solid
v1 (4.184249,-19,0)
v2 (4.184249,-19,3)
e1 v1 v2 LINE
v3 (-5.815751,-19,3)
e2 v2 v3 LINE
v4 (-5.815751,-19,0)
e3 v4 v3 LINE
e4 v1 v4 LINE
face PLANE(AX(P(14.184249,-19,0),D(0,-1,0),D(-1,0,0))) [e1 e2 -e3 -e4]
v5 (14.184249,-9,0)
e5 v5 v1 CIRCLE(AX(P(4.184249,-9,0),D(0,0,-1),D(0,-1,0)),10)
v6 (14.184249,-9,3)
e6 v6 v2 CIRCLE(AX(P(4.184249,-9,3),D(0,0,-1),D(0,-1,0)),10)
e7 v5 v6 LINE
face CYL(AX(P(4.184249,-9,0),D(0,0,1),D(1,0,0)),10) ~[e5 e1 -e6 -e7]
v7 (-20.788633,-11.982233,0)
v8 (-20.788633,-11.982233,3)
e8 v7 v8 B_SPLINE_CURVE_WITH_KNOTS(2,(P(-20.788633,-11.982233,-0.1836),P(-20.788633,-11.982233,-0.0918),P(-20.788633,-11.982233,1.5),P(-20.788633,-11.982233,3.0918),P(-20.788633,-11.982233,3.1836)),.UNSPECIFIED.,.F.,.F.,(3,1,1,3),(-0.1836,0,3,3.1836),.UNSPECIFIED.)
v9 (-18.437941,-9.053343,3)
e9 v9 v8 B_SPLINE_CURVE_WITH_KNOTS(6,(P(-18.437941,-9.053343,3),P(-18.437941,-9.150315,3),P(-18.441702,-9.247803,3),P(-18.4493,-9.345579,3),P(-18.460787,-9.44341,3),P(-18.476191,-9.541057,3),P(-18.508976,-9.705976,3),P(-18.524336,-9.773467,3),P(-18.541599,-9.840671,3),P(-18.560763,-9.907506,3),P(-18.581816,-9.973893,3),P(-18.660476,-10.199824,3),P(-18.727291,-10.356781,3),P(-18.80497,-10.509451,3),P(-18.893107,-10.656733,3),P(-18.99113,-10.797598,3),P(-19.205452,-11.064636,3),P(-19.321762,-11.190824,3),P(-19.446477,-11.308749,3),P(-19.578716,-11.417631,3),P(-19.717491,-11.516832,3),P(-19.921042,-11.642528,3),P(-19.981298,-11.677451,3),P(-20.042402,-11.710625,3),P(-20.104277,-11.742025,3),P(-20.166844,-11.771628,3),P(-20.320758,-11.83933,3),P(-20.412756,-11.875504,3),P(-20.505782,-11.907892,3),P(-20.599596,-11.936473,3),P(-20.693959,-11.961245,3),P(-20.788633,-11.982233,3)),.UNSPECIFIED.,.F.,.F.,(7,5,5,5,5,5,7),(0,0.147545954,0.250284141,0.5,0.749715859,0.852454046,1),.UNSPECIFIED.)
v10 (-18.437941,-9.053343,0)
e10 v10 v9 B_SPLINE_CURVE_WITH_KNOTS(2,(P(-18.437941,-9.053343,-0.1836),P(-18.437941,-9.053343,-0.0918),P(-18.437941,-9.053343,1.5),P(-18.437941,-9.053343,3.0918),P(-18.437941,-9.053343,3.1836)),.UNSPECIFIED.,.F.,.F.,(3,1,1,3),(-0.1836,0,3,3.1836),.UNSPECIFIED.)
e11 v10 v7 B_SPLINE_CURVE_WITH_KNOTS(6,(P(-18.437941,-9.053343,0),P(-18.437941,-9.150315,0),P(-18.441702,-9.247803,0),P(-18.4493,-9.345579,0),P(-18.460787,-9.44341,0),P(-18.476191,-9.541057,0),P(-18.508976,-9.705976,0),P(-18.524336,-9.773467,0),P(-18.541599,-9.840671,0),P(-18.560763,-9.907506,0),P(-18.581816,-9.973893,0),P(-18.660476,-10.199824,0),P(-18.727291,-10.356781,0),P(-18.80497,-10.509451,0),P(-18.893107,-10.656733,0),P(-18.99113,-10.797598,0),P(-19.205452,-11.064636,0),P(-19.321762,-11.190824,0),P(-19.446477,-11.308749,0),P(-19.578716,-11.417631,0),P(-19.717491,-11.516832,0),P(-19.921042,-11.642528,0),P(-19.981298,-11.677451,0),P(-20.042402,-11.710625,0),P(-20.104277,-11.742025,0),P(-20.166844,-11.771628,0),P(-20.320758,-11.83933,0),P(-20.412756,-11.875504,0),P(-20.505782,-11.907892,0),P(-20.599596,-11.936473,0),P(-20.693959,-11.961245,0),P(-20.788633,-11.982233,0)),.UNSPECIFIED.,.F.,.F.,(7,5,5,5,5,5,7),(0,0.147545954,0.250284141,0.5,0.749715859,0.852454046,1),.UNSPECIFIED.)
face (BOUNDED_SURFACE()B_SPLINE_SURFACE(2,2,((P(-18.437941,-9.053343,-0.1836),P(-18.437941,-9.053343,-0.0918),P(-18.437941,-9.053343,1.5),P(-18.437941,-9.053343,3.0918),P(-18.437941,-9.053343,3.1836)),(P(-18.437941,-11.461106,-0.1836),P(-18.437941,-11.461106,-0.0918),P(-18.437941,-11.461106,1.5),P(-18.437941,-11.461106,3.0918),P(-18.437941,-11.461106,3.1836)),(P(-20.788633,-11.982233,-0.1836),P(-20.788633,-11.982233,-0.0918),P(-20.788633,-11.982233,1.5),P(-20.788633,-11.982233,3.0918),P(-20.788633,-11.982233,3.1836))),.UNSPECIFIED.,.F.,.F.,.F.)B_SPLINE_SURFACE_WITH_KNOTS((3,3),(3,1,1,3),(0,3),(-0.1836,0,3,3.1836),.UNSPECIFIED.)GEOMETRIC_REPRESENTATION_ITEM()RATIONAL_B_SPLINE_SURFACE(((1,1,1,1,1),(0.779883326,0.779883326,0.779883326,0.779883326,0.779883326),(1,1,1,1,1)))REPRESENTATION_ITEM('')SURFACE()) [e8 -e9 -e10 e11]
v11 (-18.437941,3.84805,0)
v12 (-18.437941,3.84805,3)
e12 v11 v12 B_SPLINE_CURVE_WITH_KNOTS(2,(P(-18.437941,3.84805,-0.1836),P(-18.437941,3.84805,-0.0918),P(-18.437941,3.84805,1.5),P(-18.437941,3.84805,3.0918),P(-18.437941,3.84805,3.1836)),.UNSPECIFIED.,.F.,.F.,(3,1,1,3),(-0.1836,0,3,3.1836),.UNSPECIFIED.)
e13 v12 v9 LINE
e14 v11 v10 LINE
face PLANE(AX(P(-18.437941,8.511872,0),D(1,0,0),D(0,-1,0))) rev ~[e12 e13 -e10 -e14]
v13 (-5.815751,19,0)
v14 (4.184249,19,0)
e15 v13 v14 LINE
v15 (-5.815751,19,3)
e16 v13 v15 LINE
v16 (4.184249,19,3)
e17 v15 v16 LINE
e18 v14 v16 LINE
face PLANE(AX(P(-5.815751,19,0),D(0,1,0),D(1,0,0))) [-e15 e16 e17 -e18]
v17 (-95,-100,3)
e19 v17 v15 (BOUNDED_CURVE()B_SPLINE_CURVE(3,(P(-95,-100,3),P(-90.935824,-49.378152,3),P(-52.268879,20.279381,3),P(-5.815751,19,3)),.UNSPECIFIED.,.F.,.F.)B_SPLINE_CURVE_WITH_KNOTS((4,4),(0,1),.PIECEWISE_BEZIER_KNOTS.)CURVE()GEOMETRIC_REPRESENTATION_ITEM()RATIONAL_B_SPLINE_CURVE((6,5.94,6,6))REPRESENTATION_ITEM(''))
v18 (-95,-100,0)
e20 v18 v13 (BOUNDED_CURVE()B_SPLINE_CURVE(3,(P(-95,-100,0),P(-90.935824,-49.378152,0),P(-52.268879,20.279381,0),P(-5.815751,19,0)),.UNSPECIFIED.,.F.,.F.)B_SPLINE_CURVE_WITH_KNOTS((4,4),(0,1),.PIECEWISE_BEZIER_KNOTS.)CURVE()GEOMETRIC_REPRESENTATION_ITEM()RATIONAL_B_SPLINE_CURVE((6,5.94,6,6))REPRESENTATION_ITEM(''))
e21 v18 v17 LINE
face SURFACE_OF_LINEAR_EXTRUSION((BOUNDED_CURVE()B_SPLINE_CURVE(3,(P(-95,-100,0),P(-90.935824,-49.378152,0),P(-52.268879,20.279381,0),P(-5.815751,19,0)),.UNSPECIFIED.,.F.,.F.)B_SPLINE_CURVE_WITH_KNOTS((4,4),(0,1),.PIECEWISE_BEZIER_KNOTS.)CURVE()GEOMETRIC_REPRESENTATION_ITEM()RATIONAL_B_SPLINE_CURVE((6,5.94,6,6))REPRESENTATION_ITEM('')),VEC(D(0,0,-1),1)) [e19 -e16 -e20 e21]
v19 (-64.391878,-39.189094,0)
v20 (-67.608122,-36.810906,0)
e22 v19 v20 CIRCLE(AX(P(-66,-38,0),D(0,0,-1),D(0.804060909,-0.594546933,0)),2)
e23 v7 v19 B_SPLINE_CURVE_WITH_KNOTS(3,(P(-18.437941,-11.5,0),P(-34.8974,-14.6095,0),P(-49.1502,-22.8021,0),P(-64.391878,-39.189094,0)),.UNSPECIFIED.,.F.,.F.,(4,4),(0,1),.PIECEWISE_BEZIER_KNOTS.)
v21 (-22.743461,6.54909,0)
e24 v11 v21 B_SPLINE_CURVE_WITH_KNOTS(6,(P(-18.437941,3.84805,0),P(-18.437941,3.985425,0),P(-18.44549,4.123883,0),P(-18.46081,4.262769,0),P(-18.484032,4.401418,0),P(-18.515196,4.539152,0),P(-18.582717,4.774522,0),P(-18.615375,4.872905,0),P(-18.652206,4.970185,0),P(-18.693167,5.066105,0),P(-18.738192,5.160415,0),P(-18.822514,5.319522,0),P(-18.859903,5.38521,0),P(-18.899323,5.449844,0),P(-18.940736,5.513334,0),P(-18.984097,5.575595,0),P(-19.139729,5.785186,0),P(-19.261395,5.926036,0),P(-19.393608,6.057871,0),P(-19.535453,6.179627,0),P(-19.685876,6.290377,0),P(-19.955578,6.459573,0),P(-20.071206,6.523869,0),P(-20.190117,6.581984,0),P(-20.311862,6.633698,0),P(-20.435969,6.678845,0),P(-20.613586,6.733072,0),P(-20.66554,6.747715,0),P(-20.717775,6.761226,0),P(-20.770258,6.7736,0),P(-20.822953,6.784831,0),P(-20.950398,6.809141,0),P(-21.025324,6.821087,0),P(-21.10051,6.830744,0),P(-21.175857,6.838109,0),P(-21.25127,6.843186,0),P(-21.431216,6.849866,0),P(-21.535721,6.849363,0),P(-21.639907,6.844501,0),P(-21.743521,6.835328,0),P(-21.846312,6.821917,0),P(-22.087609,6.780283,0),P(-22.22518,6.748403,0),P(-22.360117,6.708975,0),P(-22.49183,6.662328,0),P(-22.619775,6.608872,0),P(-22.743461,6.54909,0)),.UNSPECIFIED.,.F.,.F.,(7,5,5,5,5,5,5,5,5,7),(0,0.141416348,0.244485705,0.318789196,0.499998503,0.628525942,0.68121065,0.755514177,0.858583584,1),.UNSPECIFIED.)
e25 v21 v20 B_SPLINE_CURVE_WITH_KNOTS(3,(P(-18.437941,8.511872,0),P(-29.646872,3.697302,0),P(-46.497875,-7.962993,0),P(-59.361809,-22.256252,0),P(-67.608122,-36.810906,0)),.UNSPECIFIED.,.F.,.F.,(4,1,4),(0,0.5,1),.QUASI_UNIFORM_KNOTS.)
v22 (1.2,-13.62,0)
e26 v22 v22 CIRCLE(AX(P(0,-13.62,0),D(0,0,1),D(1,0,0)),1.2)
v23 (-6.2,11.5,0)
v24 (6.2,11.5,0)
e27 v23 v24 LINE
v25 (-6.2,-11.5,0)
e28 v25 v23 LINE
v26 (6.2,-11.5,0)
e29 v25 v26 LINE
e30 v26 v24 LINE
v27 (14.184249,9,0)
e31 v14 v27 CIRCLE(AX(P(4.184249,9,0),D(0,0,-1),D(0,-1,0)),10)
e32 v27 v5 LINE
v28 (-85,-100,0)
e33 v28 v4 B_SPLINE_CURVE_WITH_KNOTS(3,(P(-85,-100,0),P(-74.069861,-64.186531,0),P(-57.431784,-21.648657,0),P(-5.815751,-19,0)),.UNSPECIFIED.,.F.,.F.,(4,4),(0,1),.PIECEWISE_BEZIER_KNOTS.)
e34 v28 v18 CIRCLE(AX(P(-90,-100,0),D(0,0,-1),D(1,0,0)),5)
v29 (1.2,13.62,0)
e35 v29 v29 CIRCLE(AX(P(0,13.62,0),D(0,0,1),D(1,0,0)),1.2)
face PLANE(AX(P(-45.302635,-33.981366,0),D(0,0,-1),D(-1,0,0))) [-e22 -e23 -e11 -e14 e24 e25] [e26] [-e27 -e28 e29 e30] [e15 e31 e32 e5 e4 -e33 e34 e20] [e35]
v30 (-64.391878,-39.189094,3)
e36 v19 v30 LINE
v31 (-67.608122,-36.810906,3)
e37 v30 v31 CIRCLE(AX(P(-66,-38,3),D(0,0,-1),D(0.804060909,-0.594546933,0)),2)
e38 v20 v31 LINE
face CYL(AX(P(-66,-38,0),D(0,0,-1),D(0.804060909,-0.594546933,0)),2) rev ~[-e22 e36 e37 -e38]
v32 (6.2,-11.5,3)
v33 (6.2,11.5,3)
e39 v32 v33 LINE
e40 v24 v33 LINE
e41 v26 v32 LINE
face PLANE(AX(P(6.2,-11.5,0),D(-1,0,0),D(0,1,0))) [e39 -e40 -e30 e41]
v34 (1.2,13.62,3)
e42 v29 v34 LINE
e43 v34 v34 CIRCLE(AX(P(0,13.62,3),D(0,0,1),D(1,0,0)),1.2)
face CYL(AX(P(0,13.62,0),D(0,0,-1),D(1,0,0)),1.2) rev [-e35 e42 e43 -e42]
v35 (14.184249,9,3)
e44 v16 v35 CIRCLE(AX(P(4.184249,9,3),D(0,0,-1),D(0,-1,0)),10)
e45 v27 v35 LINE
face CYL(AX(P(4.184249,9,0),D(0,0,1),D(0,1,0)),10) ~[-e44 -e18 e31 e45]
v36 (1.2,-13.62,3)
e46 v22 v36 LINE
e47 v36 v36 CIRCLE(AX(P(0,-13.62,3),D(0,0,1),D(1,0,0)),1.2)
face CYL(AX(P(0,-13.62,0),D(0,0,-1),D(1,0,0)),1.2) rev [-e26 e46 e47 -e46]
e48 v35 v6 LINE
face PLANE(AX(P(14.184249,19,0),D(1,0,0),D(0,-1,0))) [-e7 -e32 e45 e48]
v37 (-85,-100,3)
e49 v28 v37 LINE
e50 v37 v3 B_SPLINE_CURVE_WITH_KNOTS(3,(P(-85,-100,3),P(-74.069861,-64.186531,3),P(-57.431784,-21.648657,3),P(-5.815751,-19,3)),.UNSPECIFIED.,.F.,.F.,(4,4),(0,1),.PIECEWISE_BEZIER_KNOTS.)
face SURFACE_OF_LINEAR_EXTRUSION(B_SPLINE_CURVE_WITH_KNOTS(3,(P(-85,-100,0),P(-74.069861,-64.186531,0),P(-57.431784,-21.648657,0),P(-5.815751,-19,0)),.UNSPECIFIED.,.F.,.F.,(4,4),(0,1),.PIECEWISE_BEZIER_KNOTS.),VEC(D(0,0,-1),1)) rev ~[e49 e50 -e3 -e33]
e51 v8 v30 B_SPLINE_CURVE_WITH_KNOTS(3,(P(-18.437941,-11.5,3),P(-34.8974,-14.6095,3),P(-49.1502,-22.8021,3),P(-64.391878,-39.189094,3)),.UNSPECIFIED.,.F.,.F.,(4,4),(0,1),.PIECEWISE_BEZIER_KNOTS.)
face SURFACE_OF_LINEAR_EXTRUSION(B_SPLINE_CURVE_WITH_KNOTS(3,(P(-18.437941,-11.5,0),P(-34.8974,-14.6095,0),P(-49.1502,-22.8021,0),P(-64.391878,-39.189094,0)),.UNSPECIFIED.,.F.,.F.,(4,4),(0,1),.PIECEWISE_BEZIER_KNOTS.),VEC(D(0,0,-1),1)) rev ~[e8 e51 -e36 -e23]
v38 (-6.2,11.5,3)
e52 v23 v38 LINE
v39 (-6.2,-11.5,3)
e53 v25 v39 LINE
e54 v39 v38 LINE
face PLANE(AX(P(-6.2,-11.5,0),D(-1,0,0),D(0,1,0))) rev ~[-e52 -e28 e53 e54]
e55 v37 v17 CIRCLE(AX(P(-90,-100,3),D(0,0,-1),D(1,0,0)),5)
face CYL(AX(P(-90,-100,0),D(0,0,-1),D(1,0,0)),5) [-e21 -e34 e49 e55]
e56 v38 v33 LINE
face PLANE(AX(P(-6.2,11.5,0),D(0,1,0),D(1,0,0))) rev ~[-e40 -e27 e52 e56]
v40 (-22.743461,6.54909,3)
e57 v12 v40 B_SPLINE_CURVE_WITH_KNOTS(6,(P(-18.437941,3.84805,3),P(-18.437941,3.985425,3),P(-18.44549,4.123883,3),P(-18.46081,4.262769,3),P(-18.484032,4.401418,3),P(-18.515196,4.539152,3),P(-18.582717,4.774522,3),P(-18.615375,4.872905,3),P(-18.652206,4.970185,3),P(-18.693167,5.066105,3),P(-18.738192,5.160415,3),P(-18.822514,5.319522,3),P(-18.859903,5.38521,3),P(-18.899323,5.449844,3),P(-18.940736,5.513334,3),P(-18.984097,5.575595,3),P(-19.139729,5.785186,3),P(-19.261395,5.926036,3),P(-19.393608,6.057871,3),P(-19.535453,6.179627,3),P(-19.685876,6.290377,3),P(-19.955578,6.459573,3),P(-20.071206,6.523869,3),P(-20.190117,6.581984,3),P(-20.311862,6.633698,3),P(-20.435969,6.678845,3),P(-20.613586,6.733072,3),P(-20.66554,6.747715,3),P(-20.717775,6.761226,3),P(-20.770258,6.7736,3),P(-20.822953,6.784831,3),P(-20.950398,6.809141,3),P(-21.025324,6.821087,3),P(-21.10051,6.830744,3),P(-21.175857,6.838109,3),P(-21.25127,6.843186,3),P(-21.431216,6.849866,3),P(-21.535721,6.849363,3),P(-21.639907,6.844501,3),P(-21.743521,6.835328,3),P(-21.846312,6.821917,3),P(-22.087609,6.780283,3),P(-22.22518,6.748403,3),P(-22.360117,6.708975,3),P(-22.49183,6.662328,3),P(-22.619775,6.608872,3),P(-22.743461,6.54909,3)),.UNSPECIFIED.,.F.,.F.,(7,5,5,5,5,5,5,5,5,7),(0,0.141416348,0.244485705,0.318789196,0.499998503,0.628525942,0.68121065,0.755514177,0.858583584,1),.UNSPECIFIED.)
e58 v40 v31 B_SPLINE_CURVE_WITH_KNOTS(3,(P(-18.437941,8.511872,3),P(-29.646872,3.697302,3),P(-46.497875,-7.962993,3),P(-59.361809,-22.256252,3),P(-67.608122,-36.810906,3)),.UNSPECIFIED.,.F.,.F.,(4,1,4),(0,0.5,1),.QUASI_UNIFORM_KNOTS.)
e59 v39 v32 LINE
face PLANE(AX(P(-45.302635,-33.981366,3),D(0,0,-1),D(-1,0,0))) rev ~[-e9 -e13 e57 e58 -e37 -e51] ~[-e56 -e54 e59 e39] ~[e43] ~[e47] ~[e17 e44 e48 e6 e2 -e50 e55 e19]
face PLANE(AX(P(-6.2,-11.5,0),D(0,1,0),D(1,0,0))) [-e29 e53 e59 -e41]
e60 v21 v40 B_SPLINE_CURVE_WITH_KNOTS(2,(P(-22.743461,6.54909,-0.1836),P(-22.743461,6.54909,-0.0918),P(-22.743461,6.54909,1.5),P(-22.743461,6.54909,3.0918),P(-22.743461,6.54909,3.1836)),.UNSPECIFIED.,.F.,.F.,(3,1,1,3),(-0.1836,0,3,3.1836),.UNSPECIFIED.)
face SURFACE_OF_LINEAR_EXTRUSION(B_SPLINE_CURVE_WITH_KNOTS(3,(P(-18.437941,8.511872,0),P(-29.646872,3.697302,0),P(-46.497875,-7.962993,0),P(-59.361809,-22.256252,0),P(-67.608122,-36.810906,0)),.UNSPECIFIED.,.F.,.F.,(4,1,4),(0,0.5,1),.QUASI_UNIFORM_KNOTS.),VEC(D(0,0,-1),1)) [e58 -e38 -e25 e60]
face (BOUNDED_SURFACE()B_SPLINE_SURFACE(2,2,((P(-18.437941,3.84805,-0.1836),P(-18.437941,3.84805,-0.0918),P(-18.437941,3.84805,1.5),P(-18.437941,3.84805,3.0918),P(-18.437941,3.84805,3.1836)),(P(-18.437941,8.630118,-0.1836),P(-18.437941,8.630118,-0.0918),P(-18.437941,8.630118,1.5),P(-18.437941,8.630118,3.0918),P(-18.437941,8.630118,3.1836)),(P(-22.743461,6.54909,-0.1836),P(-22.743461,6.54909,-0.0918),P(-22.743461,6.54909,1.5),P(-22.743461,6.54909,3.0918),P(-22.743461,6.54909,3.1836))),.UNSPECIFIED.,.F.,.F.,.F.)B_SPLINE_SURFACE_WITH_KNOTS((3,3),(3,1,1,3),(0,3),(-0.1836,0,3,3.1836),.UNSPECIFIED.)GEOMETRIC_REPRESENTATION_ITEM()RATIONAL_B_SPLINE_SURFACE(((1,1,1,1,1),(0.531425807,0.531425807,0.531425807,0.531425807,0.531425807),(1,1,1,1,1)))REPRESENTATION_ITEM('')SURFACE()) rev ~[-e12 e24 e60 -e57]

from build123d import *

# Parameters (mm, degrees)
SKETCH_R    = 1.2
SKETCH_W    = 12.4
SKETCH_H    = 23
PAD_DEPTH   = 3
FILLET_R    = 10
FILLET001_R = 3


with BuildPart() as part:
    # Sketch → Pad (new body)
    with BuildSketch(Plane.XY):
        with BuildLine():
            add(Edge.make_bspline(
                [(-95, -100), (-90.935824, -49.378152), (-52.268879, 20.279381), (-5.815751, 19)],
                knots=[0, 0, 0, 0, 1, 1, 1, 1], degree=3, weights=[6, 5.94, 6, 6]))
            Line((-5.815751, 19), (14.184249, 19))
            Line((14.184249, 19), (14.184249, -19))
            Line((14.184249, -19), (-5.815751, -19))
            add(Edge.make_bspline(
                [(-85, -100), (-74.069861, -64.186531), (-57.431784, -21.648657), (-5.815751, -19)],
                knots=[0, 0, 0, 0, 1, 1, 1, 1], degree=3))
            ThreePointArc((-85, -100), (-90, -105), (-95, -100))
        make_face()
        with Locations((0, 13.62)):
            Circle(SKETCH_R, mode=Mode.SUBTRACT)
        with Locations((0, -13.62)):
            Circle(SKETCH_R, mode=Mode.SUBTRACT)
        Rectangle(SKETCH_W, SKETCH_H, mode=Mode.SUBTRACT)
        with BuildLine():
            Line((-18.437941, 8.511872), (-18.437941, -11.5))
            add(Edge.make_bspline(
                [(-18.437941, -11.5), (-34.8974, -14.6095), (-49.1502, -22.8021), (-64.391878, -39.189094)],
                knots=[0, 0, 0, 0, 1, 1, 1, 1], degree=3))
            ThreePointArc((-64.391878, -39.189094), (-67.189094, -39.608122), (-67.608122, -36.810906))
            add(Edge.make_bspline(
                [(-18.437941, 8.511872), (-29.646872, 3.697302), (-46.497875, -7.962993), (-59.361809, -22.256252), (-67.608122, -36.810906)],
                knots=[0, 0, 0, 0, 0.5, 1, 1, 1, 1], degree=3))
        make_face(mode=Mode.SUBTRACT)
    extrude(amount=PAD_DEPTH)

    # Fillet
    fillet_edges = [part.edges().sort_by_distance(p)[0] for p in [
        (14.184249, -19, 1.5),
        (14.184249, 19, 1.5),
    ]]
    fillet(fillet_edges, radius=FILLET_R)

    # Fillet001
    fillet001_edges = [part.edges().sort_by_distance(p)[0] for p in [
        (-18.437941, 8.511872, 1.5),
        (-18.437941, -11.5, 1.5),
    ]]
    fillet(fillet001_edges, radius=FILLET001_R)


solid = part.part
